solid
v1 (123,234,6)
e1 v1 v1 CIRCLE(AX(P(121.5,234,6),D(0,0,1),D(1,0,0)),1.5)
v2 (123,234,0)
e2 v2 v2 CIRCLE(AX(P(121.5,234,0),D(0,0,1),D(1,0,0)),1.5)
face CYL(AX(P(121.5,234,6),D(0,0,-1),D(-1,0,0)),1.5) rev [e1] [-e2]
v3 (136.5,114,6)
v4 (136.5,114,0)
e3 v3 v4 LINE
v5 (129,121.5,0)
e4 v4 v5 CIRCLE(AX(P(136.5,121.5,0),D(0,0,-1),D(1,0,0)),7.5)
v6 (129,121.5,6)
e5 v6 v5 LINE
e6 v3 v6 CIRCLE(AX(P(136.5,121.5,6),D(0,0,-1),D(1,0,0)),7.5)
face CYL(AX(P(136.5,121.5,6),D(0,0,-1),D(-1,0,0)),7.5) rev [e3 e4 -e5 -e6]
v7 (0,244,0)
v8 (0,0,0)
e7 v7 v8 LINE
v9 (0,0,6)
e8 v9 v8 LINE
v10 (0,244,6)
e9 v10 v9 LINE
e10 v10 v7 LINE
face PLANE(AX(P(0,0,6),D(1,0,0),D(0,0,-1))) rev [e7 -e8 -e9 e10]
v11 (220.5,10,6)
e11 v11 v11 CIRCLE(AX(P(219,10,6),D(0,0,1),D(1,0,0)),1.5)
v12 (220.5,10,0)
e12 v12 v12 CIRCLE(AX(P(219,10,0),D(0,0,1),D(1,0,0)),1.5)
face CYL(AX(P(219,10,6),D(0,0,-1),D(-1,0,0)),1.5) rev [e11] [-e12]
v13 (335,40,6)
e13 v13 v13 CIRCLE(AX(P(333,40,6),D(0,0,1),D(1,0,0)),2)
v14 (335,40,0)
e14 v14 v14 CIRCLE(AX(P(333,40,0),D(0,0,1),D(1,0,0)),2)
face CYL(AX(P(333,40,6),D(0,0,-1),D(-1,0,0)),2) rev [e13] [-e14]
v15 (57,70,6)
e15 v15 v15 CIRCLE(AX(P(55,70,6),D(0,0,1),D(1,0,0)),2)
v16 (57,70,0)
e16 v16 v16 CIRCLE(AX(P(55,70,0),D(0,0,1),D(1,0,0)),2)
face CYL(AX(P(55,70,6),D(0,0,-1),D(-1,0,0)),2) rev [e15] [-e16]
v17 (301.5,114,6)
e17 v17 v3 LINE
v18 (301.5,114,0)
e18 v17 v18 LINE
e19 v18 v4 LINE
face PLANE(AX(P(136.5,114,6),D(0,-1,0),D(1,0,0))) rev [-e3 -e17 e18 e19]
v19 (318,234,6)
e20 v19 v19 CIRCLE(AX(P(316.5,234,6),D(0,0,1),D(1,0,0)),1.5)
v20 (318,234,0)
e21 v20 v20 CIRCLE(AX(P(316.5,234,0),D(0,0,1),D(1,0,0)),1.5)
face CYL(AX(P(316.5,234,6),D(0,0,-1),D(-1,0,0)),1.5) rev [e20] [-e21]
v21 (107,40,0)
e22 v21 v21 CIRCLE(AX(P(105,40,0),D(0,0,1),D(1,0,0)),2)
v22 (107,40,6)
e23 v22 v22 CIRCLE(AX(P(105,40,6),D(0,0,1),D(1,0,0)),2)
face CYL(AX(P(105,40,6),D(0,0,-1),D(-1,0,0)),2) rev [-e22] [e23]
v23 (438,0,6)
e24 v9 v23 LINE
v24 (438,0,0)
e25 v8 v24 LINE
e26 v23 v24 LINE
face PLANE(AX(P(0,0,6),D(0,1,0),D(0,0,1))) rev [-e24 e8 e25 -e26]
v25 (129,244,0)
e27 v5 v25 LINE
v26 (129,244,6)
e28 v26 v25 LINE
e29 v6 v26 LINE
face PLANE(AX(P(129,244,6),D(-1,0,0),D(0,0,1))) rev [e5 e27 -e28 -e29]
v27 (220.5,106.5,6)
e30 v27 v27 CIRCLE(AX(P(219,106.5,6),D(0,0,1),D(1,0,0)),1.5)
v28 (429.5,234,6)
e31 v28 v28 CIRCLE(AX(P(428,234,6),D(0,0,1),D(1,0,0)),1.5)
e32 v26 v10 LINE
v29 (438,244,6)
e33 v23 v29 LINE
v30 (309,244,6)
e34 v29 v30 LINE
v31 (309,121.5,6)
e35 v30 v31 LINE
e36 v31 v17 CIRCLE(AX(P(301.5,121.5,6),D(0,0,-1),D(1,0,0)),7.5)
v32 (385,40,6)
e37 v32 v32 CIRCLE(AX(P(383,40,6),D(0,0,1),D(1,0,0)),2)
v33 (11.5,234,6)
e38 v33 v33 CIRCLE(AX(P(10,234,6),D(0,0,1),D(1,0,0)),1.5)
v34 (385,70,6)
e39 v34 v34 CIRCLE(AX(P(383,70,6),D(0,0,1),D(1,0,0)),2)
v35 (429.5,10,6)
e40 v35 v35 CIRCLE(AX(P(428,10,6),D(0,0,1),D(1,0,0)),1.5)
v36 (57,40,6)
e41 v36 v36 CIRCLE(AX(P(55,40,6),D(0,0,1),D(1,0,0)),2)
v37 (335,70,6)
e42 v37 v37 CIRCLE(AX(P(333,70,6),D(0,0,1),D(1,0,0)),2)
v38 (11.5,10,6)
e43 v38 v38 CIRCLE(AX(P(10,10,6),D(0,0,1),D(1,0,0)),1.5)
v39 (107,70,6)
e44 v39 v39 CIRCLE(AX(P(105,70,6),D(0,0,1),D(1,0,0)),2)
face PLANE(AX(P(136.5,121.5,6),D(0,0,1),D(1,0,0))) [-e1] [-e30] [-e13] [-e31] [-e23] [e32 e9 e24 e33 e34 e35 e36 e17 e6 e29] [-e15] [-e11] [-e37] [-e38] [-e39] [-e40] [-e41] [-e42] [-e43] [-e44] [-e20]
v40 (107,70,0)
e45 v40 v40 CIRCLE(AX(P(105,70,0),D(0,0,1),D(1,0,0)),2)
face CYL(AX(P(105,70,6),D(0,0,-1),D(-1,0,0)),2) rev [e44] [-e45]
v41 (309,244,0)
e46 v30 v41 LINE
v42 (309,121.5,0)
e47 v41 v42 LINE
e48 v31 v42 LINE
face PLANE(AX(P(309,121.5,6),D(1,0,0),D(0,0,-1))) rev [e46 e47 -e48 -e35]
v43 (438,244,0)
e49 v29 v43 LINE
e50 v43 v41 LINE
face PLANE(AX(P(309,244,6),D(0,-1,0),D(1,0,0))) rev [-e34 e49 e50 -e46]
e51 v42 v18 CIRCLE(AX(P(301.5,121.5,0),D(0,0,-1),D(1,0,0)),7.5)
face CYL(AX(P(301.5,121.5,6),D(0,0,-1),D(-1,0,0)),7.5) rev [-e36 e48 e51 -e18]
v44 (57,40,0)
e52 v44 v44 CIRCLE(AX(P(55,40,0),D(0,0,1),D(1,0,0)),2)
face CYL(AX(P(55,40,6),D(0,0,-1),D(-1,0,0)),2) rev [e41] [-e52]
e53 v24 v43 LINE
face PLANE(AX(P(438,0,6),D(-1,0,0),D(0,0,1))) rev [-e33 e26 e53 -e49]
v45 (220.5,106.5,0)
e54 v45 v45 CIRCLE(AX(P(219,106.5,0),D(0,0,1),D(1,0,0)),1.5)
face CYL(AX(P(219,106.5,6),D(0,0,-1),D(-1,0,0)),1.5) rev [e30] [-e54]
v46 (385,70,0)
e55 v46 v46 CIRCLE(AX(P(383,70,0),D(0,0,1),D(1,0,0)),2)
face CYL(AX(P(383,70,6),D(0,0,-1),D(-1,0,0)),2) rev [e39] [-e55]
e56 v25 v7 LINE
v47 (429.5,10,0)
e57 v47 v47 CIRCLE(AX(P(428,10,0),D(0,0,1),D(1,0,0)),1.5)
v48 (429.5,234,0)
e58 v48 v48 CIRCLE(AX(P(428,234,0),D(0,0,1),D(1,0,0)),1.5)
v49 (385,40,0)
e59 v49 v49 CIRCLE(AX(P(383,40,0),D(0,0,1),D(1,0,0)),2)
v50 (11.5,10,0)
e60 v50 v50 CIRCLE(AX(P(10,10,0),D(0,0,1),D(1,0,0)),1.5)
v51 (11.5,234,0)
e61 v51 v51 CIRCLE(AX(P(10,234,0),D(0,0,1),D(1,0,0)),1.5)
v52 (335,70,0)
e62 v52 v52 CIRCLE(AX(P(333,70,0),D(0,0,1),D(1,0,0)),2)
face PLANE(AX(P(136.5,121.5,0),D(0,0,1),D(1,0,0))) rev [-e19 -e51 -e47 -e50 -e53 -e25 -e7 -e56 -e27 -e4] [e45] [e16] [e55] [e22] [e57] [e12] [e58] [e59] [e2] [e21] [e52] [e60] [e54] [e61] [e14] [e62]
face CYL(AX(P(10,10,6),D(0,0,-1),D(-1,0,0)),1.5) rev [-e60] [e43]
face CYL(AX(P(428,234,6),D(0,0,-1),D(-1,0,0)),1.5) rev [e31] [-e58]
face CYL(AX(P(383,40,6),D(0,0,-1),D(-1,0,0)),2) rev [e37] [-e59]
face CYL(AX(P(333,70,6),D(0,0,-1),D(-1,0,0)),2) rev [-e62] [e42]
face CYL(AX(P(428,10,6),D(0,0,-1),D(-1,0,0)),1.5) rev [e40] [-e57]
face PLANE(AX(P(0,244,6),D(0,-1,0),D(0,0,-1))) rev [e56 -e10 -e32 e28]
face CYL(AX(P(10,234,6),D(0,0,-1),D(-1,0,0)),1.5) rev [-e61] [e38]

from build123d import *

# Parameters (mm, degrees)
SKETCH_1_R      = 1.5
SKETCH_1_R_2    = 2
EXTRUDE_1_DEPTH = 6


with BuildPart() as part:
    # Эскиз1 → Бобышка-Вытянуть1 (new body)
    with BuildSketch(Plane.XY):
        with BuildLine():
            Line((129, 244), (129, 121.5))
            ThreePointArc((129, 121.5), (131.196699141, 116.196699141), (136.5, 114))
            Line((136.5, 114), (301.5, 114))
            ThreePointArc((301.5, 114), (306.803300859, 116.196699141), (309, 121.5))
            Line((309, 121.5), (309, 244))
            Line((309, 244), (438, 244))
            Line((438, 244), (438, 0))
            Line((438, 0), (0, 0))
            Line((0, 0), (0, 244))
            Line((0, 244), (129, 244))
        make_face()
        with Locations((10, 10)):
            Circle(SKETCH_1_R, mode=Mode.SUBTRACT)
        with Locations((10, 234)):
            Circle(SKETCH_1_R, mode=Mode.SUBTRACT)
        with Locations((121.5, 234)):
            Circle(SKETCH_1_R, mode=Mode.SUBTRACT)
        with Locations((316.5, 234)):
            Circle(SKETCH_1_R, mode=Mode.SUBTRACT)
        with Locations((428, 234)):
            Circle(SKETCH_1_R, mode=Mode.SUBTRACT)
        with Locations((428, 10)):
            Circle(SKETCH_1_R, mode=Mode.SUBTRACT)
        with Locations((219, 106.5)):
            Circle(SKETCH_1_R, mode=Mode.SUBTRACT)
        with Locations((219, 10)):
            Circle(SKETCH_1_R, mode=Mode.SUBTRACT)
        with Locations((333, 70)):
            Circle(SKETCH_1_R_2, mode=Mode.SUBTRACT)
        with Locations((383, 70)):
            Circle(SKETCH_1_R_2, mode=Mode.SUBTRACT)
        with Locations((383, 40)):
            Circle(SKETCH_1_R_2, mode=Mode.SUBTRACT)
        with Locations((333, 40)):
            Circle(SKETCH_1_R_2, mode=Mode.SUBTRACT)
        with Locations((55, 70)):
            Circle(SKETCH_1_R_2, mode=Mode.SUBTRACT)
        with Locations((105, 70)):
            Circle(SKETCH_1_R_2, mode=Mode.SUBTRACT)
        with Locations((55, 40)):
            Circle(SKETCH_1_R_2, mode=Mode.SUBTRACT)
        with Locations((105, 40)):
            Circle(SKETCH_1_R_2, mode=Mode.SUBTRACT)
    extrude(amount=EXTRUDE_1_DEPTH)


solid = part.part
